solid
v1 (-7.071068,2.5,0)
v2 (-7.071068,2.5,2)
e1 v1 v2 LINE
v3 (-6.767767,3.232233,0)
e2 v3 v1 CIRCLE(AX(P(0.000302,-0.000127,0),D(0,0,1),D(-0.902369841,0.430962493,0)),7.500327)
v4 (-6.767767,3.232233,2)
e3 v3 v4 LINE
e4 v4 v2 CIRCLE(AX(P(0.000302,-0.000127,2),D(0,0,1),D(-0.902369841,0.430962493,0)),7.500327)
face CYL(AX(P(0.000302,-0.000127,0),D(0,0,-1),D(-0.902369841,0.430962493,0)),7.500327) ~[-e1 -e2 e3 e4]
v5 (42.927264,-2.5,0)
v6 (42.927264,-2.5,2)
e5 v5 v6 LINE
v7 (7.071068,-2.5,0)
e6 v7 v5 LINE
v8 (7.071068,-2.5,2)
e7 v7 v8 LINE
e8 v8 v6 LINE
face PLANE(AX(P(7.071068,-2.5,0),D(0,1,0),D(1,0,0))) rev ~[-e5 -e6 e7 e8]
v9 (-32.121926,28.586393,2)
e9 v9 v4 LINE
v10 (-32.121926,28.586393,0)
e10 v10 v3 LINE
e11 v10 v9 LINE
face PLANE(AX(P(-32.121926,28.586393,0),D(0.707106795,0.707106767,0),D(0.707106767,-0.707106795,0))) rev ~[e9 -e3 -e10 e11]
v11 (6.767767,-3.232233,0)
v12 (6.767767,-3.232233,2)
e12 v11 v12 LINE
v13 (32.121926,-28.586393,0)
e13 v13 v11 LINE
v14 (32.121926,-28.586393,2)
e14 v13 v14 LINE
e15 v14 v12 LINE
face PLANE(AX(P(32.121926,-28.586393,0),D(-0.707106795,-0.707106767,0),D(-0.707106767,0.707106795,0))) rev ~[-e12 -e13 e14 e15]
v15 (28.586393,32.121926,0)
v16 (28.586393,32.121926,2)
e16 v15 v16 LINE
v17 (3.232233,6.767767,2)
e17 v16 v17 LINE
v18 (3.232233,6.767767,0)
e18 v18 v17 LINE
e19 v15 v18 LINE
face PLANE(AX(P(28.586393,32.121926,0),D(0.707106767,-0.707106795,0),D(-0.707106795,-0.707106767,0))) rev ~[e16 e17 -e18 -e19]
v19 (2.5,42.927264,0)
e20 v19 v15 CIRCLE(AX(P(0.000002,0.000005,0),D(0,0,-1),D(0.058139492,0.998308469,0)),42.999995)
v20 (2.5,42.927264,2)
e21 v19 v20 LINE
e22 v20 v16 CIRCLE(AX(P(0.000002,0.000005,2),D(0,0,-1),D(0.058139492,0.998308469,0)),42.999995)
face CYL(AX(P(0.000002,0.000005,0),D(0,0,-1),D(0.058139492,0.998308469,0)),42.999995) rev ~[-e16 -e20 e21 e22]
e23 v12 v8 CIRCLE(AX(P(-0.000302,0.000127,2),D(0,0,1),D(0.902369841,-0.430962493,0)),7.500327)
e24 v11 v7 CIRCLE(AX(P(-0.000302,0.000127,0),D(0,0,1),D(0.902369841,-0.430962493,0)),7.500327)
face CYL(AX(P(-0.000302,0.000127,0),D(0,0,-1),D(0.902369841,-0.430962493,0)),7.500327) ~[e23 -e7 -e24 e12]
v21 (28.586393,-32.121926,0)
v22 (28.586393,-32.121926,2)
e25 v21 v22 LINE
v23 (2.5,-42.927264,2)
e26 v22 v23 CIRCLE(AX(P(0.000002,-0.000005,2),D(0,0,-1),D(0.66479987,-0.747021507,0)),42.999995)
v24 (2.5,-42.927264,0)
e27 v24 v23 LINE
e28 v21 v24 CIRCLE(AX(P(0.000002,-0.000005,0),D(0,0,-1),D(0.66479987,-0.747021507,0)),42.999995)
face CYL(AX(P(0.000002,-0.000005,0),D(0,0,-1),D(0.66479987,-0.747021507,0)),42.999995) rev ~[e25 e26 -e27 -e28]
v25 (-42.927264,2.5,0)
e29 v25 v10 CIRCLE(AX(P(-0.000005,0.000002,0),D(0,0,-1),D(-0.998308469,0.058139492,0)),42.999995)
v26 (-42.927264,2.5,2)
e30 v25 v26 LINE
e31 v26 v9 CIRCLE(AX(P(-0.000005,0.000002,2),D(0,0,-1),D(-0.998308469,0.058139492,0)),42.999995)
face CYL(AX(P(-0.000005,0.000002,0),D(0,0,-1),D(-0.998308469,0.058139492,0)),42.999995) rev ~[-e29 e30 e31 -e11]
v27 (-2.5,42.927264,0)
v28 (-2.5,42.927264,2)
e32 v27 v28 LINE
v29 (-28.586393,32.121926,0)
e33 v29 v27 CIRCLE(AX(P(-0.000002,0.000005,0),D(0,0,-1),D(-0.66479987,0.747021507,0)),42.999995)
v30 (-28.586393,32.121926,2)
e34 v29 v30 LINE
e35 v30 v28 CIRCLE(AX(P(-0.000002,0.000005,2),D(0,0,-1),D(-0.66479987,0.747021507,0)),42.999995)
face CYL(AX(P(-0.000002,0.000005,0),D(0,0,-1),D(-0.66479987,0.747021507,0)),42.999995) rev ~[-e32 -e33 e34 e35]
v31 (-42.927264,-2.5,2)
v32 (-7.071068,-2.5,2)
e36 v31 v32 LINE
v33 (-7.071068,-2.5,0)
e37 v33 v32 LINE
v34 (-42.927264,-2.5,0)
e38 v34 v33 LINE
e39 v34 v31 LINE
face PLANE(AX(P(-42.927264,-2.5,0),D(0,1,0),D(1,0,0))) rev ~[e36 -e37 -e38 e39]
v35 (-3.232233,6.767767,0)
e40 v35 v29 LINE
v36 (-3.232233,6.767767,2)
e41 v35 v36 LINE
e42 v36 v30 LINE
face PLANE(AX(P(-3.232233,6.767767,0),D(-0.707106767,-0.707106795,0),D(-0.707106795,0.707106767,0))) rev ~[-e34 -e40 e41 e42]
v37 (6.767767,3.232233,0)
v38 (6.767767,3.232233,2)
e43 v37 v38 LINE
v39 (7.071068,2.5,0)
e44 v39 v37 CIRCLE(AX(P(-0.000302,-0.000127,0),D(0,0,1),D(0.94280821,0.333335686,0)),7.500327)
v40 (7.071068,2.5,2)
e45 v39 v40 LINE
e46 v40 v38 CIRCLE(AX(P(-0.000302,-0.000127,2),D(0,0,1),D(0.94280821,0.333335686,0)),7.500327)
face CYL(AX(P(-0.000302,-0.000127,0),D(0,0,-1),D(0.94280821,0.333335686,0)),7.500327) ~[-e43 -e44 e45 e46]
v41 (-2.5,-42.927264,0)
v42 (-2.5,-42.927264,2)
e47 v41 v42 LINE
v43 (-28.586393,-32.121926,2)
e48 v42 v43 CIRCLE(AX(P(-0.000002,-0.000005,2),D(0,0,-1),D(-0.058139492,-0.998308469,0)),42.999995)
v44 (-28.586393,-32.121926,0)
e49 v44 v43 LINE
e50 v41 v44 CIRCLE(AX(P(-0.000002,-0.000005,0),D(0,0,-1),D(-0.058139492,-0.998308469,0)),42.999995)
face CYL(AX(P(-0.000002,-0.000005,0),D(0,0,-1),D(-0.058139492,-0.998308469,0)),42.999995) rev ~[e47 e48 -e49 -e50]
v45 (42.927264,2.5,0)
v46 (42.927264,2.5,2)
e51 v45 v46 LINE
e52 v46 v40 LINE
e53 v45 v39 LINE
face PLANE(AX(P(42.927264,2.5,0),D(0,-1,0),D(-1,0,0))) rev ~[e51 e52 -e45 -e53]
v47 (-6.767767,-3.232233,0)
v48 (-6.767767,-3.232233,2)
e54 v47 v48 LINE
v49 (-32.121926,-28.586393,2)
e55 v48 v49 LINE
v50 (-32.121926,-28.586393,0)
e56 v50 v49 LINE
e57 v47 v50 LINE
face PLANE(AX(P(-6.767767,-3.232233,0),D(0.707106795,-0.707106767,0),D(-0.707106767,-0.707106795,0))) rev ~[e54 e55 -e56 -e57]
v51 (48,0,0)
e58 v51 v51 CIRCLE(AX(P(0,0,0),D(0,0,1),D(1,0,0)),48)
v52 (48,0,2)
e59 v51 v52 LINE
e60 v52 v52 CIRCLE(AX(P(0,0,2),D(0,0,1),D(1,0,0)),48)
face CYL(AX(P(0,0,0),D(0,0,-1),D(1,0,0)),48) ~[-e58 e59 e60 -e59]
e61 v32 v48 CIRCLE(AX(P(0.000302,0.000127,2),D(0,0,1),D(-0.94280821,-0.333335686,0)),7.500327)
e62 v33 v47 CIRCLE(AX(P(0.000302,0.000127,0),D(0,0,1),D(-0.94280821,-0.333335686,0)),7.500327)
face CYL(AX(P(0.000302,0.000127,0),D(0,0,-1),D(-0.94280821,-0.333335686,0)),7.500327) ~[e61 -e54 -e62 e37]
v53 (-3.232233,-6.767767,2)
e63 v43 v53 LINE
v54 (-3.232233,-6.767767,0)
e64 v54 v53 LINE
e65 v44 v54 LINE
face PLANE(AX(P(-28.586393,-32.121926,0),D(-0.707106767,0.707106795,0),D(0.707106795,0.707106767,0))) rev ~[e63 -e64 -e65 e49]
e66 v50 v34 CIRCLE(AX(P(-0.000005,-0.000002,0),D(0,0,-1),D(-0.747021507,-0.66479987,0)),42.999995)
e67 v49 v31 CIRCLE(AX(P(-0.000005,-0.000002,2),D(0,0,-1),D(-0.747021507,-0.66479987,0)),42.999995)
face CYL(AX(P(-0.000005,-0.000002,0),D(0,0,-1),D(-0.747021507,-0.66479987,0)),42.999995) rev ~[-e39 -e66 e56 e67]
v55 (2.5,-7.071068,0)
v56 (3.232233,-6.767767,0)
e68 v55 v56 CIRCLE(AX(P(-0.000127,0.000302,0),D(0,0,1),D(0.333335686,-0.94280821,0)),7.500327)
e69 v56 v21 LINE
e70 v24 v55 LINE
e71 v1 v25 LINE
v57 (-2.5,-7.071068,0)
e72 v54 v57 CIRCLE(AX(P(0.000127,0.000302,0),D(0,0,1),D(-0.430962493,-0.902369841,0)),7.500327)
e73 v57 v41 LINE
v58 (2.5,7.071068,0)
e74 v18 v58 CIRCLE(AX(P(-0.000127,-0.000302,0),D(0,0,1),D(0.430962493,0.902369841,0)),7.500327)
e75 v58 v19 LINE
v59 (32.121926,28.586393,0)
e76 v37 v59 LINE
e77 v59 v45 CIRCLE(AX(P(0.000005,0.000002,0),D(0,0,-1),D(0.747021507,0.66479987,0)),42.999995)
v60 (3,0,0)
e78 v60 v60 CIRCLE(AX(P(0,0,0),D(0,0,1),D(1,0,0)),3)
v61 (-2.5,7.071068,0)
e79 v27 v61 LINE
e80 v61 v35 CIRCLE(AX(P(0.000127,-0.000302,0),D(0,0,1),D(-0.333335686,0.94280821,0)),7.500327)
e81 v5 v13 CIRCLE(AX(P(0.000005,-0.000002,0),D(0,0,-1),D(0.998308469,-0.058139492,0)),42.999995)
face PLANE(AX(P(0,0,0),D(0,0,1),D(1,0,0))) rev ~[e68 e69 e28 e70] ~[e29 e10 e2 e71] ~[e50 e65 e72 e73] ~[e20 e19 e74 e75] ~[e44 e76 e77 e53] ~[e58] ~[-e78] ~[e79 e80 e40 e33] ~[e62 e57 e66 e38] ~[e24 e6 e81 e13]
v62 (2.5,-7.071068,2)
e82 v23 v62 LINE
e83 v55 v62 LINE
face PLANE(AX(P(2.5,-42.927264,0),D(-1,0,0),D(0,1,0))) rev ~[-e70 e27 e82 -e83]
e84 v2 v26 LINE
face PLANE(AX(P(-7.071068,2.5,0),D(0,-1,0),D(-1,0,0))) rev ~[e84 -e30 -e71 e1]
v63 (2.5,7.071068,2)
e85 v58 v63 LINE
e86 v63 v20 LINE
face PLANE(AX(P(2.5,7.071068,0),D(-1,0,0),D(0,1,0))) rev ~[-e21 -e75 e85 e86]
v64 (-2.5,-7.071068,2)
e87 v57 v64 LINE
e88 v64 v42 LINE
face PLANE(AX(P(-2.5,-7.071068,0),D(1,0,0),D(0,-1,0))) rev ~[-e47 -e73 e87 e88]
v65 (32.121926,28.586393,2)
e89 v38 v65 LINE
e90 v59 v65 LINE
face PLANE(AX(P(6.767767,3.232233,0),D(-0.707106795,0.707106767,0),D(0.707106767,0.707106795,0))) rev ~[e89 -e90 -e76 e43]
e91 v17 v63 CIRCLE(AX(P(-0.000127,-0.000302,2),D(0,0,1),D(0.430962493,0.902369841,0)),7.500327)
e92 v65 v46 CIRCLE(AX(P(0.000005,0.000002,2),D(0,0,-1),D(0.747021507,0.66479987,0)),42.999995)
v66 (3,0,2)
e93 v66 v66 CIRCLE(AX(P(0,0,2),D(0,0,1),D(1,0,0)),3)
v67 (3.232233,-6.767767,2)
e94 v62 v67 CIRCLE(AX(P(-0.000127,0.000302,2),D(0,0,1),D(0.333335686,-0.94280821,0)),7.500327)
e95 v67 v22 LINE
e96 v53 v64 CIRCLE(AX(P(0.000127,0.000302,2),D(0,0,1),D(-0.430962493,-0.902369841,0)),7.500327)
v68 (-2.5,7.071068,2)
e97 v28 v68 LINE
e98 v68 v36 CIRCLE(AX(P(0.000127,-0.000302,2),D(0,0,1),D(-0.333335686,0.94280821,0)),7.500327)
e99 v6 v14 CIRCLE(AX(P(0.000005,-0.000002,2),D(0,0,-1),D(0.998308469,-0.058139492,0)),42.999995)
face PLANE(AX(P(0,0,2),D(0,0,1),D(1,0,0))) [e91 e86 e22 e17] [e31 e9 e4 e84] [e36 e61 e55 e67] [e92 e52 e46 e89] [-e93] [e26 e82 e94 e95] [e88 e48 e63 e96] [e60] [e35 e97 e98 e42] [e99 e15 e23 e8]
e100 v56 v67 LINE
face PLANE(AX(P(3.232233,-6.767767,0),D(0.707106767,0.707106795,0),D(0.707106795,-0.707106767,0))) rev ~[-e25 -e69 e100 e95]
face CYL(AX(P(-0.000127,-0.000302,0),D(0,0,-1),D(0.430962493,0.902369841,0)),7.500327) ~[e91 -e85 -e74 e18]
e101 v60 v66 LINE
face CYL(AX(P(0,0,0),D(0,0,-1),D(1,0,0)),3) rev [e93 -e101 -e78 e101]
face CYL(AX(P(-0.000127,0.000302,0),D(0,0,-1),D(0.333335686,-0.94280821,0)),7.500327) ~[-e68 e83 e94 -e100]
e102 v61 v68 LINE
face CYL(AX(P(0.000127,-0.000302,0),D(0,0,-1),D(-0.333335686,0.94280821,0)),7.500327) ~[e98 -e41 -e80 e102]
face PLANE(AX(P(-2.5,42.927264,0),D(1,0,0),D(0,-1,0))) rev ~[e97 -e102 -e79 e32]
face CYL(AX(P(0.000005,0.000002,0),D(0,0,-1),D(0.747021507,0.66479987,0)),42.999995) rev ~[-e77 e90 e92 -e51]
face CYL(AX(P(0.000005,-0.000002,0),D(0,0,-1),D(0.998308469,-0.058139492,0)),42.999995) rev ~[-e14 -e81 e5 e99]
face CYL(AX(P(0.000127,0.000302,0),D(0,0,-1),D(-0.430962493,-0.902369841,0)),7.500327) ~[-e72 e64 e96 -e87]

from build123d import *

# Parameters (mm, degrees)
F0_R     = 48
F0_R_2   = 3
F1_DEPTH = 2


with BuildPart() as f1:
    # F0 (on Top) → F1 (new body)
    with BuildSketch(Plane.XY):
        Circle(F0_R)
        with BuildLine():
            Line((-28.586393, -32.121926), (-3.232233, -6.767767))
            ThreePointArc((-3.232233, -6.767767), (-2.870126, -6.929096), (-2.5, -7.071068))
            Line((-2.5, -7.071068), (-2.5, -42.927264))
            ThreePointArc((-2.5, -42.927264), (-16.455388, -39.72682), (-28.586393, -32.121926))
        make_face(mode=Mode.SUBTRACT)
        with BuildLine():
            ThreePointArc((-32.121926, -28.586393), (-39.72682, -16.455388), (-42.927264, -2.5))
            Line((-42.927264, -2.5), (-7.071068, -2.5))
            ThreePointArc((-7.071068, -2.5), (-6.929096, -2.870126), (-6.767767, -3.232233))
            Line((-6.767767, -3.232233), (-32.121926, -28.586393))
        make_face(mode=Mode.SUBTRACT)
        with BuildLine():
            Line((2.5, -42.927264), (2.5, -7.071068))
            ThreePointArc((2.5, -7.071068), (2.870126, -6.929096), (3.232233, -6.767767))
            Line((3.232233, -6.767767), (28.586393, -32.121926))
            ThreePointArc((28.586393, -32.121926), (16.455388, -39.72682), (2.5, -42.927264))
        make_face(mode=Mode.SUBTRACT)
        with BuildLine():
            Line((32.121926, -28.586393), (6.767767, -3.232233))
            ThreePointArc((6.767767, -3.232233), (6.929096, -2.870126), (7.071068, -2.5))
            Line((7.071068, -2.5), (42.927264, -2.5))
            ThreePointArc((42.927264, -2.5), (39.72682, -16.455388), (32.121926, -28.586393))
        make_face(mode=Mode.SUBTRACT)
        with BuildLine():
            ThreePointArc((-42.927264, 2.5), (-39.72682, 16.455388), (-32.121926, 28.586393))
            Line((-32.121926, 28.586393), (-6.767767, 3.232233))
            ThreePointArc((-6.767767, 3.232233), (-6.929096, 2.870126), (-7.071068, 2.5))
            Line((-7.071068, 2.5), (-42.927264, 2.5))
        make_face(mode=Mode.SUBTRACT)
        with BuildLine():
            ThreePointArc((-28.586393, 32.121926), (-16.455388, 39.72682), (-2.5, 42.927264))
            Line((-2.5, 42.927264), (-2.5, 7.071068))
            ThreePointArc((-2.5, 7.071068), (-2.870126, 6.929096), (-3.232233, 6.767767))
            Line((-3.232233, 6.767767), (-28.586393, 32.121926))
        make_face(mode=Mode.SUBTRACT)
        Circle(F0_R_2, mode=Mode.SUBTRACT)
        with BuildLine():
            Line((42.927264, 2.5), (7.071068, 2.5))
            ThreePointArc((7.071068, 2.5), (6.929096, 2.870126), (6.767767, 3.232233))
            Line((6.767767, 3.232233), (32.121926, 28.586393))
            ThreePointArc((32.121926, 28.586393), (39.72682, 16.455388), (42.927264, 2.5))
        make_face(mode=Mode.SUBTRACT)
        with BuildLine():
            Line((2.5, 7.071068), (2.5, 42.927264))
            ThreePointArc((2.5, 42.927264), (16.455388, 39.72682), (28.586393, 32.121926))
            Line((28.586393, 32.121926), (3.232233, 6.767767))
            ThreePointArc((3.232233, 6.767767), (2.870126, 6.929096), (2.5, 7.071068))
        make_face(mode=Mode.SUBTRACT)
    extrude(amount=F1_DEPTH)


solid = f1.part
